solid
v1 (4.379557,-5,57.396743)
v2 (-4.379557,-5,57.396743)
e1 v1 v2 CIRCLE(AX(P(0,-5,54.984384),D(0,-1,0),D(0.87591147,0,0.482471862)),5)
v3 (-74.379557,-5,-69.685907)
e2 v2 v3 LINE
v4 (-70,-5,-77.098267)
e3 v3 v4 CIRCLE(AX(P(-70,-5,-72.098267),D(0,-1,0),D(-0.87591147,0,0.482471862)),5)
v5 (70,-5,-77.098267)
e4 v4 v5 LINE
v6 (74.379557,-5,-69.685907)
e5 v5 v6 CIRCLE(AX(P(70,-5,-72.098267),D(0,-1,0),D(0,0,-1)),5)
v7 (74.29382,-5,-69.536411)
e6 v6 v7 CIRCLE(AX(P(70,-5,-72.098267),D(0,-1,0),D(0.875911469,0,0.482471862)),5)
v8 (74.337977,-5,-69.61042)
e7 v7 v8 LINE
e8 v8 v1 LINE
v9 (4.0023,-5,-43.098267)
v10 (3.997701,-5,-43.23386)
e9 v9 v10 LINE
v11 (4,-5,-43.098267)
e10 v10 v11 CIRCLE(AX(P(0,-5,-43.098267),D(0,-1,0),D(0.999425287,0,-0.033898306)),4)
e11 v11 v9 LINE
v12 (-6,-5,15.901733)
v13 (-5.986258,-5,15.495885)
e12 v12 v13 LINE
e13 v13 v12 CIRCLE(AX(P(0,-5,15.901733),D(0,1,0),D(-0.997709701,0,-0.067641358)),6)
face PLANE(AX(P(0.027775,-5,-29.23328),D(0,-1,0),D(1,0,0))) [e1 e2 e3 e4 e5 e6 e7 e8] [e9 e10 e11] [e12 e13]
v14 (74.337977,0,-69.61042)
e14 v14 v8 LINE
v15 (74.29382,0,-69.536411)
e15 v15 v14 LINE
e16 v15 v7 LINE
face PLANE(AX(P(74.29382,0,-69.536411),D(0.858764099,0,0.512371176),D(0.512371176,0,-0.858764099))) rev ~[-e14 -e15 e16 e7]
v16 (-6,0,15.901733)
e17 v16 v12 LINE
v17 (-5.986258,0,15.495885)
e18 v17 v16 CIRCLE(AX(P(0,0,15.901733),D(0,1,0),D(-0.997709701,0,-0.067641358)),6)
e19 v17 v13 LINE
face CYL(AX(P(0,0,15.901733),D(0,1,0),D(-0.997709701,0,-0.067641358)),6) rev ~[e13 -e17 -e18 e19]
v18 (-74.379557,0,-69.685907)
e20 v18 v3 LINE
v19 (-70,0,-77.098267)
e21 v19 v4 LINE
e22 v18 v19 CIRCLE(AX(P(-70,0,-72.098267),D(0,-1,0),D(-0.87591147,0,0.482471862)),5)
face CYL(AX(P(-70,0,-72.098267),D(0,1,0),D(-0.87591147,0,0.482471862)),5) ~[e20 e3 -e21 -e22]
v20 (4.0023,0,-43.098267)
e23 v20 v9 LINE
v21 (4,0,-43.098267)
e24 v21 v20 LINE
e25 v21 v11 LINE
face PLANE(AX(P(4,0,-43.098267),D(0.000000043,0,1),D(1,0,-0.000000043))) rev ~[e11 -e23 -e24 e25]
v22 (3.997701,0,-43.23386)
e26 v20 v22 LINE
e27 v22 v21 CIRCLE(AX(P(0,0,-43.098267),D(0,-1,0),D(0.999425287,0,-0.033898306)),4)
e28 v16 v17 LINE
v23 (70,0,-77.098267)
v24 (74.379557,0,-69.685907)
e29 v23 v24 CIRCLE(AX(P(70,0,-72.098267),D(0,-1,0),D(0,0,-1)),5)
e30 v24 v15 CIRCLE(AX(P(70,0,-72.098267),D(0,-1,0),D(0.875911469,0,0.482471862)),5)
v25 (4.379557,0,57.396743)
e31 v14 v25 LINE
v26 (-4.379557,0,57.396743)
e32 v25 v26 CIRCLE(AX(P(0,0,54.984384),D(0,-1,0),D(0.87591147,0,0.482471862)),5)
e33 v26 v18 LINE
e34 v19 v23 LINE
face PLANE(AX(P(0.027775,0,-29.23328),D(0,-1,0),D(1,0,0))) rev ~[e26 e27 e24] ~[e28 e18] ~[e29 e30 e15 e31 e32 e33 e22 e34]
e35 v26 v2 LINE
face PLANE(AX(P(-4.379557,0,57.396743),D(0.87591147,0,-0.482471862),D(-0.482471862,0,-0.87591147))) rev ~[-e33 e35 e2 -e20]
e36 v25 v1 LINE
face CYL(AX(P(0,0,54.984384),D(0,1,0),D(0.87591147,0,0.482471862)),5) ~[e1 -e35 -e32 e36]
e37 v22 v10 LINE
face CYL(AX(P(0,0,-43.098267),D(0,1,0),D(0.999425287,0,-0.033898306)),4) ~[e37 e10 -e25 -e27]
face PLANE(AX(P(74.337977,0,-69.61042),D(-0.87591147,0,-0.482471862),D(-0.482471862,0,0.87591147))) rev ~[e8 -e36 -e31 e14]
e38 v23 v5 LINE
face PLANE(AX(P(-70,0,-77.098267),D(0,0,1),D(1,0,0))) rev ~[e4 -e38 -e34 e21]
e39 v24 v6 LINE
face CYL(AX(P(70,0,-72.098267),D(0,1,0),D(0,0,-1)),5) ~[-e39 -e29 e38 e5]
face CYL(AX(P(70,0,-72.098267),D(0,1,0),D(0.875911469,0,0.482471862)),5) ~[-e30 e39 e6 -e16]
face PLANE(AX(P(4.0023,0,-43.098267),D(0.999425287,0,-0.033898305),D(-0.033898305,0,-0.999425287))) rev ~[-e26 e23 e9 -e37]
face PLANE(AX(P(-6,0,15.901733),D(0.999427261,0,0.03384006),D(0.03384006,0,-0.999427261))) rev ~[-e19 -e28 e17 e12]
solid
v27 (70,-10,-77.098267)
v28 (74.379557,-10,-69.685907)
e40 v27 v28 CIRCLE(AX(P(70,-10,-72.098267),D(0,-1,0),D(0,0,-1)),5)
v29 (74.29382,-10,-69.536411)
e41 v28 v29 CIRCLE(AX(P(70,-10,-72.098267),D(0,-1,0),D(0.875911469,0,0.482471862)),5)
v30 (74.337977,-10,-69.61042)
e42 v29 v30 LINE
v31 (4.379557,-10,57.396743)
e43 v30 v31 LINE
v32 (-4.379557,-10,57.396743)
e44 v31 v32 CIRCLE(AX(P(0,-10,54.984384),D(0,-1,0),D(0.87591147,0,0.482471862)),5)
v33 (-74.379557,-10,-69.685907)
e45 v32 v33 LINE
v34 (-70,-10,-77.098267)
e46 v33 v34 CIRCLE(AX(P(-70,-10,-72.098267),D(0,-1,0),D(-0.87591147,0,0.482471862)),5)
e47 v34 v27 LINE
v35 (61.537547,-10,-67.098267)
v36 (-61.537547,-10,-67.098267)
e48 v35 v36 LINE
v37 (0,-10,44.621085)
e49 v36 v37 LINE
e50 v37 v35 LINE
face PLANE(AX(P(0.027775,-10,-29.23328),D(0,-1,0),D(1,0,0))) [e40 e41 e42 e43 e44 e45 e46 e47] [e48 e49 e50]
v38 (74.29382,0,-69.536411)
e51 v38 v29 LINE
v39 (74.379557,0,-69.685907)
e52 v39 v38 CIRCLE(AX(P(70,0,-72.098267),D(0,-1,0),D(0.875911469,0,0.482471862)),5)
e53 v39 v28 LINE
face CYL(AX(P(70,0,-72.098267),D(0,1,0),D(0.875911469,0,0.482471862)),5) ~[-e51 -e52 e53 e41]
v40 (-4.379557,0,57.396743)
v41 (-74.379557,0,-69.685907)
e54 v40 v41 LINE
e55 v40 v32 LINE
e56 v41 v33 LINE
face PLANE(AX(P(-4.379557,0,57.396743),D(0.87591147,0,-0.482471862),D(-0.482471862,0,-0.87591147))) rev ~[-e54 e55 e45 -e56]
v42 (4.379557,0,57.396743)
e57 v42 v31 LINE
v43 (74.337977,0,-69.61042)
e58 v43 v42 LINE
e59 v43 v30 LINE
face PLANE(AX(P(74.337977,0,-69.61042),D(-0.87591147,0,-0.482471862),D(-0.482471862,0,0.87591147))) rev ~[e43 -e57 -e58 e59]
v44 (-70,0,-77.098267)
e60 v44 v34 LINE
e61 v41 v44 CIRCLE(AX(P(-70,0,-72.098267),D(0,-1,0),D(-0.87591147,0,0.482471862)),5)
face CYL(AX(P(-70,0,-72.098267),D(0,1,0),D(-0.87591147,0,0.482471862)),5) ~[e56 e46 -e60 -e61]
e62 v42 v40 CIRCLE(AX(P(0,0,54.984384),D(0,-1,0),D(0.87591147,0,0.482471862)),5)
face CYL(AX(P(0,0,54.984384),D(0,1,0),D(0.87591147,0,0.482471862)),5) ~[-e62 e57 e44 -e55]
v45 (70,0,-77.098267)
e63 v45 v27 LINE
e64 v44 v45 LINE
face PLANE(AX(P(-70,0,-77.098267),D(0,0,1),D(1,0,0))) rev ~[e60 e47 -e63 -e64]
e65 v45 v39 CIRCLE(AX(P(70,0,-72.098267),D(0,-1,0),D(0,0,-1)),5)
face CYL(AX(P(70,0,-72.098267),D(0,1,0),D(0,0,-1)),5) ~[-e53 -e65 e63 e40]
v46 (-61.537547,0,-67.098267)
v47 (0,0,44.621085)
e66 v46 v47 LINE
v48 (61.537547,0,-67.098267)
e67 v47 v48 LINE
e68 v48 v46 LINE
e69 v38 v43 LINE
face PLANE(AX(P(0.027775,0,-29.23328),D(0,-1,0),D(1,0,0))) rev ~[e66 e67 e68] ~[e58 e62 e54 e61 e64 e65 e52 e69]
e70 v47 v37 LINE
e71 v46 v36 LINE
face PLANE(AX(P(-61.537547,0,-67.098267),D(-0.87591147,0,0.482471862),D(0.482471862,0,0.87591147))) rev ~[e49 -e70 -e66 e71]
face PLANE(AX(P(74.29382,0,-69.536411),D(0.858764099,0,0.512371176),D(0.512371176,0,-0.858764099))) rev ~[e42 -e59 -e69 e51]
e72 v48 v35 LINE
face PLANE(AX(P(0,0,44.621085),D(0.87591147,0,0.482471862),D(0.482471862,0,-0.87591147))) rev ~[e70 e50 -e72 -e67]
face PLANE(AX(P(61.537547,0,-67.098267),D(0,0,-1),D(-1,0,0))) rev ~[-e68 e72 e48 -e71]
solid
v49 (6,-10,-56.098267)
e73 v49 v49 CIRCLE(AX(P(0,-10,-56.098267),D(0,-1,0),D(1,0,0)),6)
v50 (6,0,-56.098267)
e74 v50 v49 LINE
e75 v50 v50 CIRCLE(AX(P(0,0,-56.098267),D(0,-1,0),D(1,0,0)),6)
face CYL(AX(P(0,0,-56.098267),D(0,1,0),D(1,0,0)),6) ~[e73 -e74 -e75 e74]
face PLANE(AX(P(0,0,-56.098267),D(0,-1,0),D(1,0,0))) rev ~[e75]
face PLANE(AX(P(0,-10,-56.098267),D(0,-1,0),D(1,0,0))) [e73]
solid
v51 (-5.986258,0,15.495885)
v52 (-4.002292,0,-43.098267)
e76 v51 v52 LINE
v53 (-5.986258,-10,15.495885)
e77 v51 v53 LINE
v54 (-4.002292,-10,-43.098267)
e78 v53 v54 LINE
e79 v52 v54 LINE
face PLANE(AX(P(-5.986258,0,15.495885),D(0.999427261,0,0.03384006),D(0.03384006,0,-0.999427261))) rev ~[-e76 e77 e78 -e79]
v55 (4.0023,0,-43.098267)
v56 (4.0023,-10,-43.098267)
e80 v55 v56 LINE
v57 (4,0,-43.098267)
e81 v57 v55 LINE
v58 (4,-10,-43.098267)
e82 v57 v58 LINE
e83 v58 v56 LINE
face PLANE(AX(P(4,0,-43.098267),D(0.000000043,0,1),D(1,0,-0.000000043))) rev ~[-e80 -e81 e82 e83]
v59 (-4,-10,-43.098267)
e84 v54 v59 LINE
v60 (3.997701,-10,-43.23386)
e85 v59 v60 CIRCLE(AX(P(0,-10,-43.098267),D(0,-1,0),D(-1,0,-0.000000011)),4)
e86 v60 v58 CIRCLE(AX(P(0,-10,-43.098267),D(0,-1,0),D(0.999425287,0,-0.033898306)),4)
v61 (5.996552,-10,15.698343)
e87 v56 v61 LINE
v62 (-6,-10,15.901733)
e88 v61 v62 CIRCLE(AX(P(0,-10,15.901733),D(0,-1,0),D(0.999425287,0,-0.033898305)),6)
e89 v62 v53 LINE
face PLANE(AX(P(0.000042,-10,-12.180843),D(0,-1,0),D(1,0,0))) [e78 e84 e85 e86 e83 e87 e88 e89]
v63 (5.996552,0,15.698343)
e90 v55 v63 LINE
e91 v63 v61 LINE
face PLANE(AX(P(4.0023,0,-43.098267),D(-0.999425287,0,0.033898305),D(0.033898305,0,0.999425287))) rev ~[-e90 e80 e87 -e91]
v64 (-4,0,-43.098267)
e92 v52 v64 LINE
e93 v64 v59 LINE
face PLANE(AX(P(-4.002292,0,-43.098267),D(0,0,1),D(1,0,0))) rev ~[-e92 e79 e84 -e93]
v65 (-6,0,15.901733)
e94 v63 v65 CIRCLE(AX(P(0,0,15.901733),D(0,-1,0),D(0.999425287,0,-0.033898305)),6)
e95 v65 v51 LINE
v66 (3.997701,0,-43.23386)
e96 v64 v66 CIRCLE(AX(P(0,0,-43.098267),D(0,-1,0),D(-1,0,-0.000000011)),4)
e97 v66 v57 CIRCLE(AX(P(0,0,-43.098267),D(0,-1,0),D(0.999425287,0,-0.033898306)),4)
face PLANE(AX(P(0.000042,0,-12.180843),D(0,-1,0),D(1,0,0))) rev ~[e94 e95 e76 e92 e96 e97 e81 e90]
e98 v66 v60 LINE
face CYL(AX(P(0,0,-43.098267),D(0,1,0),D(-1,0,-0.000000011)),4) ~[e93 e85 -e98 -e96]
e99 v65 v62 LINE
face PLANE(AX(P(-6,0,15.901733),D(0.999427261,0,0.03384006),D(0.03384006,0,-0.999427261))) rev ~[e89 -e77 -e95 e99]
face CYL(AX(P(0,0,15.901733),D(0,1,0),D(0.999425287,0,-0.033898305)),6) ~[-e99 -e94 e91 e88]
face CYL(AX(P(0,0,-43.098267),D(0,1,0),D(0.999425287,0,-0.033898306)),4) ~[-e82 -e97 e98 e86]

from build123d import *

# Parameters (mm, degrees)
F0_R     = 6
F1_DEPTH = 5
F2_DEPTH = 10


with BuildPart() as f1:
    # F0 (on Front) → F1 (new body)
    with BuildSketch(Plane.XZ):
        with BuildLine():
            Line((-4.3795573481, 57.3967428379), (-74.3795573481, -69.6859074334))
            ThreePointArc((-74.3795573481, -69.6859074334), (-74.3047529862, -74.6417096309), (-70, -77.0982667422))
            Line((-70, -77.0982667422), (70, -77.0982667422))
            ThreePointArc((70, -77.0982667422), (74.3047529862, -74.6417096309), (74.3795573481, -69.6859074334))
            ThreePointArc((74.3795573481, -69.6859074334), (74.3373330647, -69.6107897301), (74.2938204963, -69.536410863))
            Line((74.2938204963, -69.536410863), (74.3379773029, -69.610420257))
            Line((74.3379773029, -69.610420257), (4.3795573481, 57.3967428379))
            ThreePointArc((4.3795573481, 57.3967428379), (0, 59.9843835292), (-4.3795573481, 57.3967428379))
        make_face()
        Polygon((61.5375473825, -67.0982667422), (-61.5375473825, -67.0982667422), (0, 44.6210848659), align=None, mode=Mode.SUBTRACT)
        Polygon((0, 44.6210848659), (-61.5375473825, -67.0982667422), (61.5375473825, -67.0982667422), align=None)
        with BuildLine():
            ThreePointArc((-6, 15.9017332578), (0.1017095297, 21.9008711268), (5.9965517239, 15.6983434273))
            Line((5.9965517239, 15.6983434273), (4.0023001742, -43.0982666969))
            Line((4.0023001742, -43.0982666969), (3.9977011492, -43.2338599626))
            ThreePointArc((3.9977011492, -43.2338599626), (-0.0678063305, -47.0976919886), (-4, -43.0982667875))
            Line((-4, -43.0982667875), (-4.0022922668, -43.0982667875))
            Line((-4.0022922668, -43.0982667875), (-5.9862582037, 15.4958851105))
            ThreePointArc((-5.9862582037, 15.4958851105), (-5.9965635668, 15.698692895), (-6, 15.9017332578))
        make_face(mode=Mode.SUBTRACT)
        with Locations((0, -56.0982667422)):
            Circle(F0_R, mode=Mode.SUBTRACT)
        with BuildLine():
            Line((4.0023001742, -43.0982666969), (5.9965517239, 15.6983434273))
            ThreePointArc((5.9965517239, 15.6983434273), (0.1017095297, 21.9008711268), (-6, 15.9017332578))
            Line((-6, 15.9017332578), (-5.9862582037, 15.4958851105))
            Line((-5.9862582037, 15.4958851105), (-4.0022922668, -43.0982667875))
            Line((-4.0022922668, -43.0982667875), (-4, -43.0982667875))
            ThreePointArc((-4, -43.0982667875), (-0.0678063305, -47.0976919886), (3.9977011492, -43.2338599626))
            ThreePointArc((3.9977011492, -43.2338599626), (3.9994252464, -43.1660730727), (4, -43.0982666968))
            Line((4, -43.0982666968), (4.0023001742, -43.0982666969))
        make_face()
        with Locations((0, -56.0982667422)):
            Circle(F0_R)
    extrude(amount=F1_DEPTH)


with BuildPart() as f2:
    # F0 (on Front) → F2 (new body)
    with BuildSketch(Plane.XZ):
        with BuildLine():
            Line((4.0023001742, -43.0982666969), (5.9965517239, 15.6983434273))
            ThreePointArc((5.9965517239, 15.6983434273), (0.1017095297, 21.9008711268), (-6, 15.9017332578))
            Line((-6, 15.9017332578), (-5.9862582037, 15.4958851105))
            Line((-5.9862582037, 15.4958851105), (-4.0022922668, -43.0982667875))
            Line((-4.0022922668, -43.0982667875), (-4, -43.0982667875))
            ThreePointArc((-4, -43.0982667875), (-0.0678063305, -47.0976919886), (3.9977011492, -43.2338599626))
            ThreePointArc((3.9977011492, -43.2338599626), (3.9994252464, -43.1660730727), (4, -43.0982666968))
            Line((4, -43.0982666968), (4.0023001742, -43.0982666969))
        make_face()
    extrude(amount=F2_DEPTH)


with BuildPart() as f2b:
    # F0 (on Front) → F2, piece 2 (new body)
    with BuildSketch(Plane.XZ):
        with Locations((0, -56.0982667422)):
            Circle(F0_R)
    extrude(amount=F2_DEPTH)


with BuildPart() as f2c:
    # F0 (on Front) → F2, piece 3 (new body)
    with BuildSketch(Plane.XZ):
        with BuildLine():
            Line((-4.3795573481, 57.3967428379), (-74.3795573481, -69.6859074334))
            ThreePointArc((-74.3795573481, -69.6859074334), (-74.3047529862, -74.6417096309), (-70, -77.0982667422))
            Line((-70, -77.0982667422), (70, -77.0982667422))
            ThreePointArc((70, -77.0982667422), (74.3047529862, -74.6417096309), (74.3795573481, -69.6859074334))
            ThreePointArc((74.3795573481, -69.6859074334), (74.3373330647, -69.6107897301), (74.2938204963, -69.536410863))
            Line((74.2938204963, -69.536410863), (74.3379773029, -69.610420257))
            Line((74.3379773029, -69.610420257), (4.3795573481, 57.3967428379))
            ThreePointArc((4.3795573481, 57.3967428379), (0, 59.9843835292), (-4.3795573481, 57.3967428379))
        make_face()
        Polygon((61.5375473825, -67.0982667422), (-61.5375473825, -67.0982667422), (0, 44.6210848659), align=None, mode=Mode.SUBTRACT)
    extrude(amount=F2_DEPTH)


solid = Compound([f1.part, f2.part, f2b.part, f2c.part])
